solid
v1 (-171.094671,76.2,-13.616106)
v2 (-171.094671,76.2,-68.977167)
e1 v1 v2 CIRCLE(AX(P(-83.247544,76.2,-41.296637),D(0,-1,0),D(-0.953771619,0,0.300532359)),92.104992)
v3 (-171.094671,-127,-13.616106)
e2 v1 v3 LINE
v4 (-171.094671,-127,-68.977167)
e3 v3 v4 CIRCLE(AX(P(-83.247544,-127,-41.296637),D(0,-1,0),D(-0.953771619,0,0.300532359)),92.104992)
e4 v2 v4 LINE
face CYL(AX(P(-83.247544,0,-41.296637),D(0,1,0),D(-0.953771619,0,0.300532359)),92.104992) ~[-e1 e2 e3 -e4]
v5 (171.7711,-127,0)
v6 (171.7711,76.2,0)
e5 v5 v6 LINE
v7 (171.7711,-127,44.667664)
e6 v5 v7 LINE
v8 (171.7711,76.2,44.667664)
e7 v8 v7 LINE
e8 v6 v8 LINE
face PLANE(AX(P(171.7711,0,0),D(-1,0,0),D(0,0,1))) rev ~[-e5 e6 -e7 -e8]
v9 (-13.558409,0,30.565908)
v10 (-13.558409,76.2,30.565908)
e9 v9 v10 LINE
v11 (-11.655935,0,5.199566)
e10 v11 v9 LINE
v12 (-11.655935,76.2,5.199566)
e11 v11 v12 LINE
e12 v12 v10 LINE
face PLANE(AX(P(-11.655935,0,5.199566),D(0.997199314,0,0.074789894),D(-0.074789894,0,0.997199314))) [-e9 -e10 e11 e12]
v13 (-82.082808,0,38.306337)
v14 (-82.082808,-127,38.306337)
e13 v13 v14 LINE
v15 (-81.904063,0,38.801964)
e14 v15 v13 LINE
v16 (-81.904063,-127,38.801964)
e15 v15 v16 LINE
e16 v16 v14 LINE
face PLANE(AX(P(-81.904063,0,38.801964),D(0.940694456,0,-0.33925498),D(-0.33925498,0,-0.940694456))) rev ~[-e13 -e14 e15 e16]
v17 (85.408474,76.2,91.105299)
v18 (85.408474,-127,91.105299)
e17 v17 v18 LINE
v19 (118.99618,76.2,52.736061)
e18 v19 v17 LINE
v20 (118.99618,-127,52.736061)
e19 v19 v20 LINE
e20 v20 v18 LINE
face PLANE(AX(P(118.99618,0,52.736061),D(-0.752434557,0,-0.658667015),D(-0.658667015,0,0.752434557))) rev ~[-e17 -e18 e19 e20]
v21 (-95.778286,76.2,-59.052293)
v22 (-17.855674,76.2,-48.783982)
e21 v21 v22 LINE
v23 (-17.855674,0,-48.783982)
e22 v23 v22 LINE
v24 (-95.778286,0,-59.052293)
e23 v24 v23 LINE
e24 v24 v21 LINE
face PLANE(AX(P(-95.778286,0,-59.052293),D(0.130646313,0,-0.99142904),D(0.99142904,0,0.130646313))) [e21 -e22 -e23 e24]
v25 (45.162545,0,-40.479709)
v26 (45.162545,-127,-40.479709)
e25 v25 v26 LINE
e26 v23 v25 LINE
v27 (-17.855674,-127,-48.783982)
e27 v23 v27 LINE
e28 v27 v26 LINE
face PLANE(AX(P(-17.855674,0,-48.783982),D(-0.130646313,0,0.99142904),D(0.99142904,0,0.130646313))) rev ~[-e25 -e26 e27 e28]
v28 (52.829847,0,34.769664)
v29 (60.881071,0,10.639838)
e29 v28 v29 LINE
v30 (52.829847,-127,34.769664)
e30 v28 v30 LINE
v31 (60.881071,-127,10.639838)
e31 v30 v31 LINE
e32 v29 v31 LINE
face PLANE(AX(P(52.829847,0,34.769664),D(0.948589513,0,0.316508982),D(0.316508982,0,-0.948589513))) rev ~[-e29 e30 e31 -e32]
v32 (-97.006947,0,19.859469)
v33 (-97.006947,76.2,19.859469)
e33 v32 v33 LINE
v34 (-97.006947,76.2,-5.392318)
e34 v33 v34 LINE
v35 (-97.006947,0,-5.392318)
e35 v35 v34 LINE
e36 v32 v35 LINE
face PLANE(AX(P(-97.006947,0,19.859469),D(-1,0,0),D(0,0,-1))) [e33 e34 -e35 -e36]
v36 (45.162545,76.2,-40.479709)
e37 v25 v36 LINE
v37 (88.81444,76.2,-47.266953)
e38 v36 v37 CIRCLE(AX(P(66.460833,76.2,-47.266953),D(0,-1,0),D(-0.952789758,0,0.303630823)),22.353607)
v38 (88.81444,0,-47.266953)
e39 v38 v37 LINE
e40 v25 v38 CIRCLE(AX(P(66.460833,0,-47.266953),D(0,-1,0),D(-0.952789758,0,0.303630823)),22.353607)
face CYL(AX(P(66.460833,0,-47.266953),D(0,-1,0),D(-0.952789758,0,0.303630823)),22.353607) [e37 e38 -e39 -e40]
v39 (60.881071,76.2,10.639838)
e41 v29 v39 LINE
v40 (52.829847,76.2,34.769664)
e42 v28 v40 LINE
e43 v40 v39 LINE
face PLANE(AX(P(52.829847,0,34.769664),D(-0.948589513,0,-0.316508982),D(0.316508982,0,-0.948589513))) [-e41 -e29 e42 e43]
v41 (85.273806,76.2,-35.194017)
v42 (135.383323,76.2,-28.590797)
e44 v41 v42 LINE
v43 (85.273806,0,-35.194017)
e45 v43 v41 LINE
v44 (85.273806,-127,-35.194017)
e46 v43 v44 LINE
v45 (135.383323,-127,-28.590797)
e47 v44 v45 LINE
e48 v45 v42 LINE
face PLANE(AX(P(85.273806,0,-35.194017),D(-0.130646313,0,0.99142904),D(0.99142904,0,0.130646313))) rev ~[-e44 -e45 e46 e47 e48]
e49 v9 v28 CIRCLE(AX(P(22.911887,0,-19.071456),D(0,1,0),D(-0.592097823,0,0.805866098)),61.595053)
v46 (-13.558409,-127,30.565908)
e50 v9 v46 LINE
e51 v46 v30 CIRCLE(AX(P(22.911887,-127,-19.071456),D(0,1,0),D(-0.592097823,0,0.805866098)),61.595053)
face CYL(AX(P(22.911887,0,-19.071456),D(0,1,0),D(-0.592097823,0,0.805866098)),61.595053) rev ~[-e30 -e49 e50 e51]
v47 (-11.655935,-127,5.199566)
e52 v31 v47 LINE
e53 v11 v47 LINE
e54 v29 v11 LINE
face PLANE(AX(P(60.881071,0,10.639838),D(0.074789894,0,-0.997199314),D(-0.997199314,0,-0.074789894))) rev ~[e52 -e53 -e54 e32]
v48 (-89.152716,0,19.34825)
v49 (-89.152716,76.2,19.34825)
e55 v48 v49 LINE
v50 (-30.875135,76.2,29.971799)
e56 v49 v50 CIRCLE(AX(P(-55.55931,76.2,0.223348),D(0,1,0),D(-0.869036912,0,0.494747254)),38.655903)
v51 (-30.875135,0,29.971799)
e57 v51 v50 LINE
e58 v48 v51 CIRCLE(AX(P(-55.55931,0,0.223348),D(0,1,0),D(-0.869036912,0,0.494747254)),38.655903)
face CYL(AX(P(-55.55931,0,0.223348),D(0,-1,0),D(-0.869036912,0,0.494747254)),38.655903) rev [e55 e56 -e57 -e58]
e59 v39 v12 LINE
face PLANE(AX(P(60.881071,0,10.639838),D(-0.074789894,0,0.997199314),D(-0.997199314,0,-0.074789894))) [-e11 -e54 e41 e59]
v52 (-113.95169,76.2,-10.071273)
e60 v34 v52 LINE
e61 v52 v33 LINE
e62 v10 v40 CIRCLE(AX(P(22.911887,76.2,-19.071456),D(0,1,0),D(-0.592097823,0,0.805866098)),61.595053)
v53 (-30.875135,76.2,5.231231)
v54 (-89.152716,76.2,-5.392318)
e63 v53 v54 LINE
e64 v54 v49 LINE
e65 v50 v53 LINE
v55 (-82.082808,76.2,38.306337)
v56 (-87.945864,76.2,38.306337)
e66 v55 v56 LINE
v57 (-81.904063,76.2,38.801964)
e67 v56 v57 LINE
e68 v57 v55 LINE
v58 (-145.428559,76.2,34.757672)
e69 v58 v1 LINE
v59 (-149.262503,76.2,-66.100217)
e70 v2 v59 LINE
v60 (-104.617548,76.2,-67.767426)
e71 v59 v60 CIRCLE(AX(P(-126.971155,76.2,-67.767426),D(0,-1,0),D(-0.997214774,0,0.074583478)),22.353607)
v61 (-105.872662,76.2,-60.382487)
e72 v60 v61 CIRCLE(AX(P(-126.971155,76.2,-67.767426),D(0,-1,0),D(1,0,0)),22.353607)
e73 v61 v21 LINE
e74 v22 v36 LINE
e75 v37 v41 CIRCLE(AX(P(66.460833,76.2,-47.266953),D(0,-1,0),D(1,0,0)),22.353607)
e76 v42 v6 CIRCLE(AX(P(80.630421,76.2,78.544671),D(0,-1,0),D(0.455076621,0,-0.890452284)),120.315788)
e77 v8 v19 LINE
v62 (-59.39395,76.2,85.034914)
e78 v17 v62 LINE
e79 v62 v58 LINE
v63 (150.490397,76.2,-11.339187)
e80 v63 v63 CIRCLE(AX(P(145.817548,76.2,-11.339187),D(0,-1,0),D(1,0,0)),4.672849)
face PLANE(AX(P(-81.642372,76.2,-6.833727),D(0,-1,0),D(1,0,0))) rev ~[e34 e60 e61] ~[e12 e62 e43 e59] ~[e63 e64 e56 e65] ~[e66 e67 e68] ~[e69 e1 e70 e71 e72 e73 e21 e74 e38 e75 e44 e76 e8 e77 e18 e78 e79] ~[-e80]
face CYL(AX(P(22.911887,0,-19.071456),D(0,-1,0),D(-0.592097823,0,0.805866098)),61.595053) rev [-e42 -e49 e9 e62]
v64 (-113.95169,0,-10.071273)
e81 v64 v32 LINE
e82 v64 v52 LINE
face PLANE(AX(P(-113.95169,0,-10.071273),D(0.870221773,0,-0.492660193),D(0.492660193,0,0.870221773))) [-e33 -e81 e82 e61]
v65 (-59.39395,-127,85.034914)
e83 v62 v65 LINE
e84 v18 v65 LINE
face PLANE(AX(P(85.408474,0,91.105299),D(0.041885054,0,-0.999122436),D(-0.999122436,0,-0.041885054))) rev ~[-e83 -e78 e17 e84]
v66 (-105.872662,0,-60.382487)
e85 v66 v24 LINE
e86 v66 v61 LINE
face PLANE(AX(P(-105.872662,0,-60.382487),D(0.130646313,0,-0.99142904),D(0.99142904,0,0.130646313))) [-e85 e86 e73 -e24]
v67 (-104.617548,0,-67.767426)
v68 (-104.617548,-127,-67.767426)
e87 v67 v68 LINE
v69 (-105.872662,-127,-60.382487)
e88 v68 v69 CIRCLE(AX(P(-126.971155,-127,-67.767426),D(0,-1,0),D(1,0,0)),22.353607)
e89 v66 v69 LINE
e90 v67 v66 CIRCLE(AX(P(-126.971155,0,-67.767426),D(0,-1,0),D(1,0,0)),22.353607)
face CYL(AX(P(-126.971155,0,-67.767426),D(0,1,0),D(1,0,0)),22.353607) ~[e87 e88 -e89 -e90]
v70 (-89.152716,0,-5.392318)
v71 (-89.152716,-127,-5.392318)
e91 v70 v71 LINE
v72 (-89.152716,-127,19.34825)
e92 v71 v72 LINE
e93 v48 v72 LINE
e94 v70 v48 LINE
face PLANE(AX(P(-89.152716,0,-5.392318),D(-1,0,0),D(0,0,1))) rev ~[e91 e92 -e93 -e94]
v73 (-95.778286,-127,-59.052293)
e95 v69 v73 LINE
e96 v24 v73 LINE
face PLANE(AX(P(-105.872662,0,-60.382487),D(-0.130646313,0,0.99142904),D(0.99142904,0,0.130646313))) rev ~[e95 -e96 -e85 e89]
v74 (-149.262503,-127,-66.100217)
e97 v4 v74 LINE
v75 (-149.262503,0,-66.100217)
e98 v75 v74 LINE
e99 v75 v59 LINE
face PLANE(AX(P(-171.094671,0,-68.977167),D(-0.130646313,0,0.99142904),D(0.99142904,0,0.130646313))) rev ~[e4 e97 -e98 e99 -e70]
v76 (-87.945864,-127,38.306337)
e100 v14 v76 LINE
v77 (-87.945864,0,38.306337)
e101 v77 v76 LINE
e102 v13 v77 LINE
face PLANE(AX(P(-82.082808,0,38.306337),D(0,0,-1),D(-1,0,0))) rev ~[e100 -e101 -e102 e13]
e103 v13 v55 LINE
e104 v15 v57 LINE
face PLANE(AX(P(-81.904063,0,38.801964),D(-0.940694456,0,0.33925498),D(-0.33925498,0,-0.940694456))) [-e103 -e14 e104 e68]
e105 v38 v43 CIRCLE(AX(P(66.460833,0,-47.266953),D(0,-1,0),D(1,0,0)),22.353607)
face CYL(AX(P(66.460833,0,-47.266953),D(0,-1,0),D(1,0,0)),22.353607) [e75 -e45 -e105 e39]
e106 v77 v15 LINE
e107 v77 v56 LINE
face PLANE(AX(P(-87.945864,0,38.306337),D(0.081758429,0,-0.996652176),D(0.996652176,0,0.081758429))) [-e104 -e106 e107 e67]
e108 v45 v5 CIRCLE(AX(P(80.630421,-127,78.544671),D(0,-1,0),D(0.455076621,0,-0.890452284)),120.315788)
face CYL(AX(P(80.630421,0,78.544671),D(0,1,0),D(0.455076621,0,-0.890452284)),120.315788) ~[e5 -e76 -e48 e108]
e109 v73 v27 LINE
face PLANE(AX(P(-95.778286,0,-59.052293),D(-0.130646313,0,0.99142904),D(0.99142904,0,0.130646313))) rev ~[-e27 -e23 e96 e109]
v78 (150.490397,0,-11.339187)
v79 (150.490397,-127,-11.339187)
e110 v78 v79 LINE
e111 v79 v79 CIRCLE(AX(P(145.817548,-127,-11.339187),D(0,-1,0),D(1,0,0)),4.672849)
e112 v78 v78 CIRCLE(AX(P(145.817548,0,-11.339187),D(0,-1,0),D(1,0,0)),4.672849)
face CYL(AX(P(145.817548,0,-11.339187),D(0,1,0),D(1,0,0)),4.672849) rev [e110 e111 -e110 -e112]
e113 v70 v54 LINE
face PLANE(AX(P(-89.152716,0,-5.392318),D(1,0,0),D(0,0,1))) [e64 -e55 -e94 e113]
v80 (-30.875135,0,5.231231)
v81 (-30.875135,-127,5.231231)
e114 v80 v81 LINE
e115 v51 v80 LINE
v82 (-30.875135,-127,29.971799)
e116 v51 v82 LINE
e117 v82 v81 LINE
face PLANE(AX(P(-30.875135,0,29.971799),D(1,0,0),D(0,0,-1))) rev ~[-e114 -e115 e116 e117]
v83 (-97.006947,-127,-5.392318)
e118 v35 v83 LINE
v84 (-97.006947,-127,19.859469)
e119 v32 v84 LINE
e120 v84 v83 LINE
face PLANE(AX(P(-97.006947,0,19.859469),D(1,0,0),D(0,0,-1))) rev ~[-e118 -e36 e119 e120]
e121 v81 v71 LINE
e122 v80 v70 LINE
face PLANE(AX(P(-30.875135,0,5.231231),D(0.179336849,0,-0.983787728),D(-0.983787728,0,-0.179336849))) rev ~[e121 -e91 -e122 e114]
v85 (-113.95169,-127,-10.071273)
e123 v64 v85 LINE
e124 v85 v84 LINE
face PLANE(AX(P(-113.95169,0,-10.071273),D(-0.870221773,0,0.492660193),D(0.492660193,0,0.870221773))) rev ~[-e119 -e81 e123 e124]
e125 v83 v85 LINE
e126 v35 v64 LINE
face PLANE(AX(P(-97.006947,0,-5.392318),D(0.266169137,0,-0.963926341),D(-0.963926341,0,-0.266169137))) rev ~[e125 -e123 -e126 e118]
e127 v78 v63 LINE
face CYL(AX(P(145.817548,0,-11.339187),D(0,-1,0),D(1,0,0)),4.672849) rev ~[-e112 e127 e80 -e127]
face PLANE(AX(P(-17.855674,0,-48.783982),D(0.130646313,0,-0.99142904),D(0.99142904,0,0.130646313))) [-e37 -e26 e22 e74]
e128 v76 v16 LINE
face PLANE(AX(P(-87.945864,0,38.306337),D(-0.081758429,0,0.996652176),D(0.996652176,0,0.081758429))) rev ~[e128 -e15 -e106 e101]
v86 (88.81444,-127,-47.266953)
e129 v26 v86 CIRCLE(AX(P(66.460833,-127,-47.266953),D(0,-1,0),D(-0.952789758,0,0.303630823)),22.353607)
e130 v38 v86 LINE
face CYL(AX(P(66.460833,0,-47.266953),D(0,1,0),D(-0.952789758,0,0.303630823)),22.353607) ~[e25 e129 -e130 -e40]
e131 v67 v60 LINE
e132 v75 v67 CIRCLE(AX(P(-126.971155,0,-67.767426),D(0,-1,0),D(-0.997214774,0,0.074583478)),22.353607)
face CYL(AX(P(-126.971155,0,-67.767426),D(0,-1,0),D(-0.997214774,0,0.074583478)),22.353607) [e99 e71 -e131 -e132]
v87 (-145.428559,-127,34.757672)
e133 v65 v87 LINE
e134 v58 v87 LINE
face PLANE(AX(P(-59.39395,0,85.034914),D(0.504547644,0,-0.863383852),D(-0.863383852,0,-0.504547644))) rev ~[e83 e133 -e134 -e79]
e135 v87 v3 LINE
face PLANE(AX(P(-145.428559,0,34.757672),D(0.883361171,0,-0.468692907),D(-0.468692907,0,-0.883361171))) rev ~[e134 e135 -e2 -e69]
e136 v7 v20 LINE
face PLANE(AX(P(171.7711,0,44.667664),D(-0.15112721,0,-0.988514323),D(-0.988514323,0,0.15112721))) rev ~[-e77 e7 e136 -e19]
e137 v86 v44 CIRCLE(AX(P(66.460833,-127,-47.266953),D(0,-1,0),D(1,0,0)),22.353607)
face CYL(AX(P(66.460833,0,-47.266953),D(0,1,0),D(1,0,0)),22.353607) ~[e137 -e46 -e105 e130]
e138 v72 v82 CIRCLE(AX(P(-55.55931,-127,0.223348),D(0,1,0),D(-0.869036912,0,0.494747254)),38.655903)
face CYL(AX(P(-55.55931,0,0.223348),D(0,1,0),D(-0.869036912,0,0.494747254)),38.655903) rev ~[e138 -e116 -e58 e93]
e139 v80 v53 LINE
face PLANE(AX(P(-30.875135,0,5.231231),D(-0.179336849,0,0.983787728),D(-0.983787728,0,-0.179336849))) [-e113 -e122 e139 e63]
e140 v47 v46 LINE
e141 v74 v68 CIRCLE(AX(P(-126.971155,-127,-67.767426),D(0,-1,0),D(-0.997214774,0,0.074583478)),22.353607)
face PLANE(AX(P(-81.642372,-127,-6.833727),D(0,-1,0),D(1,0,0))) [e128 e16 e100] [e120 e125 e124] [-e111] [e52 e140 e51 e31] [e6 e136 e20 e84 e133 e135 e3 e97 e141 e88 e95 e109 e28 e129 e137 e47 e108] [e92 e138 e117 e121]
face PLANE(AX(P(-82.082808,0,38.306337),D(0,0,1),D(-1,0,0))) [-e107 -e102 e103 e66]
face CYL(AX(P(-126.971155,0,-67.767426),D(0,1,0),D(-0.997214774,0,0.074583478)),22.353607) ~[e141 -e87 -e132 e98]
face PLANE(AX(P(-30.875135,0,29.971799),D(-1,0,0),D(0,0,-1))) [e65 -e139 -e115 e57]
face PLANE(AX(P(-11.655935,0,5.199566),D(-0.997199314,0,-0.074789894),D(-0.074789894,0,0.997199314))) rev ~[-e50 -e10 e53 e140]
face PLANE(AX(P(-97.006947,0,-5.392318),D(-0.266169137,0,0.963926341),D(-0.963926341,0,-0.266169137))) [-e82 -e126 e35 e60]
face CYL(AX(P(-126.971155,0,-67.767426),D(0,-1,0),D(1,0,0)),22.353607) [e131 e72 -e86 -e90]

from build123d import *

# Parameters (mm, degrees)
F0_R     = 4.6728487795
F1_DEPTH = 76.2
F2_DEPTH = 127


with BuildPart() as f1:
    # F0 (on Front) → F1 (new body)
    with BuildSketch(Plane.XZ):
        Polygon((-82.0828080177, 38.3063368499), (-87.9458636045, 38.3063368499), (-171.0946708918, -13.6161064729), (-125.8510925382, -8.2959541026), (-95.7782864025, -59.0522934862), (-17.8556740284, -48.7839821726), (-21.7343605209, 43.7378691396), (-81.9040634204, 38.8019642147), align=None)
        Polygon((-113.951690495, -10.0712729618), (-97.0069468021, 19.8594685644), (-97.0069468021, -5.3923181258), align=None, mode=Mode.SUBTRACT)
        with BuildLine():
            Line((-89.1527161002, -5.3923181258), (-89.1527161002, 19.3482497707))
            ThreePointArc((-89.1527161002, 19.3482497707), (-62.4917374458, 38.2525508537), (-30.8751352131, 29.9717993475))
            Line((-30.8751352131, 29.9717993475), (-30.8751352131, 5.231231451))
            Line((-30.8751352131, 5.231231451), (-89.1527161002, -5.3923181258))
        make_face(mode=Mode.SUBTRACT)
        Polygon((56.4985461533, 50.1555539668), (-21.7343605209, 43.7378691396), (-17.8556740284, -48.7839821726), (34.5728257331, -41.875176874), (83.1488147378, 6.680324208), align=None)
        with BuildLine():
            Line((60.8810707927, 10.639837943), (-11.6559350863, 5.1995664835))
            Line((-11.6559350863, 5.1995664835), (-13.558409344, 30.5659084837))
            ThreePointArc((-13.558409344, 30.5659084837), (19.01943683, 42.4004832599), (52.8298467523, 34.7696640142))
            Line((52.8298467523, 34.7696640142), (60.8810707927, 10.639837943))
        make_face(mode=Mode.SUBTRACT)
        with BuildLine():
            Line((-59.3939498067, 85.0349143147), (-87.9458636045, 38.3063368499))
            Line((-87.9458636045, 38.3063368499), (-81.9040634204, 38.8019642147))
            Line((-81.9040634204, 38.8019642147), (-21.7343605209, 43.7378691396))
            Line((-21.7343605209, 43.7378691396), (56.4985461533, 50.1555539668))
            ThreePointArc((56.4985461533, 50.1555539668), (72.9922234752, 69.1911241089), (85.4084738249, 91.1052987338))
            Line((85.4084738249, 91.1052987338), (-59.3939498067, 85.0349143147))
        make_face()
        with BuildLine():
            Line((-125.8510925382, -8.2959541026), (-171.0946708918, -13.6161064729))
            ThreePointArc((-171.0946708918, -13.6161064729), (-175.3525355191, -41.2966368087), (-171.0946708918, -68.9771671446))
            Line((-171.0946708918, -68.9771671446), (-149.2625026008, -66.1002166185))
            ThreePointArc((-149.2625026008, -66.1002166185), (-129.891571754, -45.605411199), (-105.8726619592, -60.382487477))
            Line((-105.8726619592, -60.382487477), (-95.7782864025, -59.0522934862))
            Line((-95.7782864025, -59.0522934862), (-125.8510925382, -8.2959541026))
        make_face()
        with BuildLine():
            Line((171.7711003827, 44.667663848), (118.9961803994, 52.7360612476))
            ThreePointArc((118.9961803994, 52.7360612476), (103.7517217598, 27.6228254002), (83.1488147378, 6.680324208))
            Line((83.1488147378, 6.680324208), (135.383322835, -4.3581258506))
            ThreePointArc((135.383322835, -4.3581258506), (156.7386965662, 17.808260925), (171.7711003827, 44.667663848))
        make_face()
        with BuildLine():
            Line((118.9961803994, 52.7360612476), (85.4084738249, 91.1052987338))
            ThreePointArc((85.4084738249, 91.1052987338), (72.9922234752, 69.1911241089), (56.4985461533, 50.1555539668))
            Line((56.4985461533, 50.1555539668), (83.1488147378, 6.680324208))
            ThreePointArc((83.1488147378, 6.680324208), (103.7517217598, 27.6228254002), (118.9961803994, 52.7360612476))
        make_face()
        Polygon((-171.0946708918, -13.6161064729), (-87.9458636045, 38.3063368499), (-59.3939498067, 85.0349143147), (-145.4285588675, 34.7576718265), align=None)
        with BuildLine():
            Line((135.383322835, -4.3581258506), (83.1488147378, 6.680324208))
            Line((83.1488147378, 6.680324208), (34.5728257331, -41.875176874))
            Line((34.5728257331, -41.875176874), (45.1625451006, -40.479708577))
            ThreePointArc((45.1625451006, -40.479708577), (63.5404166045, -25.1049375209), (85.2738062796, -35.1940167294))
            Line((85.2738062796, -35.1940167294), (135.383322835, -28.5907972007))
            Line((135.383322835, -28.5907972007), (135.383322835, -4.3581258506))
        make_face()
        with BuildLine():
            Line((85.2738062796, -35.1940167294), (45.1625451006, -40.479708577))
            ThreePointArc((45.1625451006, -40.479708577), (63.026434123, -69.3551543594), (88.8144400038, -47.2669526935))
            ThreePointArc((88.8144400038, -47.2669526935), (87.9110259752, -40.976247845), (85.2738062796, -35.1940167294))
        make_face()
        with BuildLine():
            Line((171.7711003827, 8.2424561064), (171.7711003827, 44.667663848))
            ThreePointArc((171.7711003827, 44.667663848), (156.7386965662, 17.808260925), (135.383322835, -4.3581258506))
            Line((135.383322835, -4.3581258506), (135.383322835, -28.5907972007))
            ThreePointArc((135.383322835, -28.5907972007), (154.9647514276, -16.0613336286), (171.7711003827, 0))
            Line((171.7711003827, 0), (171.7711003827, 8.2424561064))
        make_face()
        with Locations((145.8175480366, -11.3391866907)):
            Circle(F0_R, mode=Mode.SUBTRACT)
        with Locations((167.0982516033, 8.2424561064)):
            Circle(F0_R, mode=Mode.SUBTRACT)
        with BuildLine():
            Line((-105.8726619592, -60.382487477), (-149.2625026008, -66.1002166185))
            ThreePointArc((-149.2625026008, -66.1002166185), (-127.8053413331, -90.1054630355), (-104.6175483547, -67.7674263716))
            ThreePointArc((-104.6175483547, -67.7674263716), (-104.9335604818, -64.0220080826), (-105.8726619592, -60.382487477))
        make_face()
        with BuildLine():
            ThreePointArc((-105.8726619592, -60.382487477), (-129.891571754, -45.605411199), (-149.2625026008, -66.1002166185))
            Line((-149.2625026008, -66.1002166185), (-105.8726619592, -60.382487477))
        make_face()
        with BuildLine():
            ThreePointArc((85.2738062796, -35.1940167294), (63.5404166045, -25.1049375209), (45.1625451006, -40.479708577))
            Line((45.1625451006, -40.479708577), (85.2738062796, -35.1940167294))
        make_face()
        with Locations((167.0982516033, 8.2424561064)):
            Circle(F0_R)
    extrude(amount=-F1_DEPTH)

    # F0 (on Front) → F2 (join)
    with BuildSketch(Plane.XZ):
        Polygon((-82.0828080177, 38.3063368499), (-87.9458636045, 38.3063368499), (-171.0946708918, -13.6161064729), (-125.8510925382, -8.2959541026), (-95.7782864025, -59.0522934862), (-17.8556740284, -48.7839821726), (-21.7343605209, 43.7378691396), (-81.9040634204, 38.8019642147), align=None)
        Polygon((-113.951690495, -10.0712729618), (-97.0069468021, 19.8594685644), (-97.0069468021, -5.3923181258), align=None, mode=Mode.SUBTRACT)
        with BuildLine():
            Line((-89.1527161002, -5.3923181258), (-89.1527161002, 19.3482497707))
            ThreePointArc((-89.1527161002, 19.3482497707), (-62.4917374458, 38.2525508537), (-30.8751352131, 29.9717993475))
            Line((-30.8751352131, 29.9717993475), (-30.8751352131, 5.231231451))
            Line((-30.8751352131, 5.231231451), (-89.1527161002, -5.3923181258))
        make_face(mode=Mode.SUBTRACT)
        Polygon((56.4985461533, 50.1555539668), (-21.7343605209, 43.7378691396), (-17.8556740284, -48.7839821726), (34.5728257331, -41.875176874), (83.1488147378, 6.680324208), align=None)
        with BuildLine():
            Line((60.8810707927, 10.639837943), (-11.6559350863, 5.1995664835))
            Line((-11.6559350863, 5.1995664835), (-13.558409344, 30.5659084837))
            ThreePointArc((-13.558409344, 30.5659084837), (19.01943683, 42.4004832599), (52.8298467523, 34.7696640142))
            Line((52.8298467523, 34.7696640142), (60.8810707927, 10.639837943))
        make_face(mode=Mode.SUBTRACT)
        with BuildLine():
            Line((-59.3939498067, 85.0349143147), (-87.9458636045, 38.3063368499))
            Line((-87.9458636045, 38.3063368499), (-81.9040634204, 38.8019642147))
            Line((-81.9040634204, 38.8019642147), (-21.7343605209, 43.7378691396))
            Line((-21.7343605209, 43.7378691396), (56.4985461533, 50.1555539668))
            ThreePointArc((56.4985461533, 50.1555539668), (72.9922234752, 69.1911241089), (85.4084738249, 91.1052987338))
            Line((85.4084738249, 91.1052987338), (-59.3939498067, 85.0349143147))
        make_face()
        with BuildLine():
            Line((-125.8510925382, -8.2959541026), (-171.0946708918, -13.6161064729))
            ThreePointArc((-171.0946708918, -13.6161064729), (-175.3525355191, -41.2966368087), (-171.0946708918, -68.9771671446))
            Line((-171.0946708918, -68.9771671446), (-149.2625026008, -66.1002166185))
            ThreePointArc((-149.2625026008, -66.1002166185), (-129.891571754, -45.605411199), (-105.8726619592, -60.382487477))
            Line((-105.8726619592, -60.382487477), (-95.7782864025, -59.0522934862))
            Line((-95.7782864025, -59.0522934862), (-125.8510925382, -8.2959541026))
        make_face()
        with BuildLine():
            Line((171.7711003827, 44.667663848), (118.9961803994, 52.7360612476))
            ThreePointArc((118.9961803994, 52.7360612476), (103.7517217598, 27.6228254002), (83.1488147378, 6.680324208))
            Line((83.1488147378, 6.680324208), (135.383322835, -4.3581258506))
            ThreePointArc((135.383322835, -4.3581258506), (156.7386965662, 17.808260925), (171.7711003827, 44.667663848))
        make_face()
        with BuildLine():
            Line((118.9961803994, 52.7360612476), (85.4084738249, 91.1052987338))
            ThreePointArc((85.4084738249, 91.1052987338), (72.9922234752, 69.1911241089), (56.4985461533, 50.1555539668))
            Line((56.4985461533, 50.1555539668), (83.1488147378, 6.680324208))
            ThreePointArc((83.1488147378, 6.680324208), (103.7517217598, 27.6228254002), (118.9961803994, 52.7360612476))
        make_face()
        Polygon((-171.0946708918, -13.6161064729), (-87.9458636045, 38.3063368499), (-59.3939498067, 85.0349143147), (-145.4285588675, 34.7576718265), align=None)
        with BuildLine():
            Line((135.383322835, -4.3581258506), (83.1488147378, 6.680324208))
            Line((83.1488147378, 6.680324208), (34.5728257331, -41.875176874))
            Line((34.5728257331, -41.875176874), (45.1625451006, -40.479708577))
            ThreePointArc((45.1625451006, -40.479708577), (63.5404166045, -25.1049375209), (85.2738062796, -35.1940167294))
            Line((85.2738062796, -35.1940167294), (135.383322835, -28.5907972007))
            Line((135.383322835, -28.5907972007), (135.383322835, -4.3581258506))
        make_face()
        with BuildLine():
            Line((85.2738062796, -35.1940167294), (45.1625451006, -40.479708577))
            ThreePointArc((45.1625451006, -40.479708577), (63.026434123, -69.3551543594), (88.8144400038, -47.2669526935))
            ThreePointArc((88.8144400038, -47.2669526935), (87.9110259752, -40.976247845), (85.2738062796, -35.1940167294))
        make_face()
        with BuildLine():
            Line((171.7711003827, 8.2424561064), (171.7711003827, 44.667663848))
            ThreePointArc((171.7711003827, 44.667663848), (156.7386965662, 17.808260925), (135.383322835, -4.3581258506))
            Line((135.383322835, -4.3581258506), (135.383322835, -28.5907972007))
            ThreePointArc((135.383322835, -28.5907972007), (154.9647514276, -16.0613336286), (171.7711003827, 0))
            Line((171.7711003827, 0), (171.7711003827, 8.2424561064))
        make_face()
        with Locations((145.8175480366, -11.3391866907)):
            Circle(F0_R, mode=Mode.SUBTRACT)
        with Locations((167.0982516033, 8.2424561064)):
            Circle(F0_R, mode=Mode.SUBTRACT)
        with BuildLine():
            Line((-105.8726619592, -60.382487477), (-149.2625026008, -66.1002166185))
            ThreePointArc((-149.2625026008, -66.1002166185), (-127.8053413331, -90.1054630355), (-104.6175483547, -67.7674263716))
            ThreePointArc((-104.6175483547, -67.7674263716), (-104.9335604818, -64.0220080826), (-105.8726619592, -60.382487477))
        make_face()
        with BuildLine():
            ThreePointArc((-105.8726619592, -60.382487477), (-129.891571754, -45.605411199), (-149.2625026008, -66.1002166185))
            Line((-149.2625026008, -66.1002166185), (-105.8726619592, -60.382487477))
        make_face()
        with BuildLine():
            ThreePointArc((85.2738062796, -35.1940167294), (63.5404166045, -25.1049375209), (45.1625451006, -40.479708577))
            Line((45.1625451006, -40.479708577), (85.2738062796, -35.1940167294))
        make_face()
        with Locations((167.0982516033, 8.2424561064)):
            Circle(F0_R)
    extrude(amount=F2_DEPTH)


solid = f1.part
